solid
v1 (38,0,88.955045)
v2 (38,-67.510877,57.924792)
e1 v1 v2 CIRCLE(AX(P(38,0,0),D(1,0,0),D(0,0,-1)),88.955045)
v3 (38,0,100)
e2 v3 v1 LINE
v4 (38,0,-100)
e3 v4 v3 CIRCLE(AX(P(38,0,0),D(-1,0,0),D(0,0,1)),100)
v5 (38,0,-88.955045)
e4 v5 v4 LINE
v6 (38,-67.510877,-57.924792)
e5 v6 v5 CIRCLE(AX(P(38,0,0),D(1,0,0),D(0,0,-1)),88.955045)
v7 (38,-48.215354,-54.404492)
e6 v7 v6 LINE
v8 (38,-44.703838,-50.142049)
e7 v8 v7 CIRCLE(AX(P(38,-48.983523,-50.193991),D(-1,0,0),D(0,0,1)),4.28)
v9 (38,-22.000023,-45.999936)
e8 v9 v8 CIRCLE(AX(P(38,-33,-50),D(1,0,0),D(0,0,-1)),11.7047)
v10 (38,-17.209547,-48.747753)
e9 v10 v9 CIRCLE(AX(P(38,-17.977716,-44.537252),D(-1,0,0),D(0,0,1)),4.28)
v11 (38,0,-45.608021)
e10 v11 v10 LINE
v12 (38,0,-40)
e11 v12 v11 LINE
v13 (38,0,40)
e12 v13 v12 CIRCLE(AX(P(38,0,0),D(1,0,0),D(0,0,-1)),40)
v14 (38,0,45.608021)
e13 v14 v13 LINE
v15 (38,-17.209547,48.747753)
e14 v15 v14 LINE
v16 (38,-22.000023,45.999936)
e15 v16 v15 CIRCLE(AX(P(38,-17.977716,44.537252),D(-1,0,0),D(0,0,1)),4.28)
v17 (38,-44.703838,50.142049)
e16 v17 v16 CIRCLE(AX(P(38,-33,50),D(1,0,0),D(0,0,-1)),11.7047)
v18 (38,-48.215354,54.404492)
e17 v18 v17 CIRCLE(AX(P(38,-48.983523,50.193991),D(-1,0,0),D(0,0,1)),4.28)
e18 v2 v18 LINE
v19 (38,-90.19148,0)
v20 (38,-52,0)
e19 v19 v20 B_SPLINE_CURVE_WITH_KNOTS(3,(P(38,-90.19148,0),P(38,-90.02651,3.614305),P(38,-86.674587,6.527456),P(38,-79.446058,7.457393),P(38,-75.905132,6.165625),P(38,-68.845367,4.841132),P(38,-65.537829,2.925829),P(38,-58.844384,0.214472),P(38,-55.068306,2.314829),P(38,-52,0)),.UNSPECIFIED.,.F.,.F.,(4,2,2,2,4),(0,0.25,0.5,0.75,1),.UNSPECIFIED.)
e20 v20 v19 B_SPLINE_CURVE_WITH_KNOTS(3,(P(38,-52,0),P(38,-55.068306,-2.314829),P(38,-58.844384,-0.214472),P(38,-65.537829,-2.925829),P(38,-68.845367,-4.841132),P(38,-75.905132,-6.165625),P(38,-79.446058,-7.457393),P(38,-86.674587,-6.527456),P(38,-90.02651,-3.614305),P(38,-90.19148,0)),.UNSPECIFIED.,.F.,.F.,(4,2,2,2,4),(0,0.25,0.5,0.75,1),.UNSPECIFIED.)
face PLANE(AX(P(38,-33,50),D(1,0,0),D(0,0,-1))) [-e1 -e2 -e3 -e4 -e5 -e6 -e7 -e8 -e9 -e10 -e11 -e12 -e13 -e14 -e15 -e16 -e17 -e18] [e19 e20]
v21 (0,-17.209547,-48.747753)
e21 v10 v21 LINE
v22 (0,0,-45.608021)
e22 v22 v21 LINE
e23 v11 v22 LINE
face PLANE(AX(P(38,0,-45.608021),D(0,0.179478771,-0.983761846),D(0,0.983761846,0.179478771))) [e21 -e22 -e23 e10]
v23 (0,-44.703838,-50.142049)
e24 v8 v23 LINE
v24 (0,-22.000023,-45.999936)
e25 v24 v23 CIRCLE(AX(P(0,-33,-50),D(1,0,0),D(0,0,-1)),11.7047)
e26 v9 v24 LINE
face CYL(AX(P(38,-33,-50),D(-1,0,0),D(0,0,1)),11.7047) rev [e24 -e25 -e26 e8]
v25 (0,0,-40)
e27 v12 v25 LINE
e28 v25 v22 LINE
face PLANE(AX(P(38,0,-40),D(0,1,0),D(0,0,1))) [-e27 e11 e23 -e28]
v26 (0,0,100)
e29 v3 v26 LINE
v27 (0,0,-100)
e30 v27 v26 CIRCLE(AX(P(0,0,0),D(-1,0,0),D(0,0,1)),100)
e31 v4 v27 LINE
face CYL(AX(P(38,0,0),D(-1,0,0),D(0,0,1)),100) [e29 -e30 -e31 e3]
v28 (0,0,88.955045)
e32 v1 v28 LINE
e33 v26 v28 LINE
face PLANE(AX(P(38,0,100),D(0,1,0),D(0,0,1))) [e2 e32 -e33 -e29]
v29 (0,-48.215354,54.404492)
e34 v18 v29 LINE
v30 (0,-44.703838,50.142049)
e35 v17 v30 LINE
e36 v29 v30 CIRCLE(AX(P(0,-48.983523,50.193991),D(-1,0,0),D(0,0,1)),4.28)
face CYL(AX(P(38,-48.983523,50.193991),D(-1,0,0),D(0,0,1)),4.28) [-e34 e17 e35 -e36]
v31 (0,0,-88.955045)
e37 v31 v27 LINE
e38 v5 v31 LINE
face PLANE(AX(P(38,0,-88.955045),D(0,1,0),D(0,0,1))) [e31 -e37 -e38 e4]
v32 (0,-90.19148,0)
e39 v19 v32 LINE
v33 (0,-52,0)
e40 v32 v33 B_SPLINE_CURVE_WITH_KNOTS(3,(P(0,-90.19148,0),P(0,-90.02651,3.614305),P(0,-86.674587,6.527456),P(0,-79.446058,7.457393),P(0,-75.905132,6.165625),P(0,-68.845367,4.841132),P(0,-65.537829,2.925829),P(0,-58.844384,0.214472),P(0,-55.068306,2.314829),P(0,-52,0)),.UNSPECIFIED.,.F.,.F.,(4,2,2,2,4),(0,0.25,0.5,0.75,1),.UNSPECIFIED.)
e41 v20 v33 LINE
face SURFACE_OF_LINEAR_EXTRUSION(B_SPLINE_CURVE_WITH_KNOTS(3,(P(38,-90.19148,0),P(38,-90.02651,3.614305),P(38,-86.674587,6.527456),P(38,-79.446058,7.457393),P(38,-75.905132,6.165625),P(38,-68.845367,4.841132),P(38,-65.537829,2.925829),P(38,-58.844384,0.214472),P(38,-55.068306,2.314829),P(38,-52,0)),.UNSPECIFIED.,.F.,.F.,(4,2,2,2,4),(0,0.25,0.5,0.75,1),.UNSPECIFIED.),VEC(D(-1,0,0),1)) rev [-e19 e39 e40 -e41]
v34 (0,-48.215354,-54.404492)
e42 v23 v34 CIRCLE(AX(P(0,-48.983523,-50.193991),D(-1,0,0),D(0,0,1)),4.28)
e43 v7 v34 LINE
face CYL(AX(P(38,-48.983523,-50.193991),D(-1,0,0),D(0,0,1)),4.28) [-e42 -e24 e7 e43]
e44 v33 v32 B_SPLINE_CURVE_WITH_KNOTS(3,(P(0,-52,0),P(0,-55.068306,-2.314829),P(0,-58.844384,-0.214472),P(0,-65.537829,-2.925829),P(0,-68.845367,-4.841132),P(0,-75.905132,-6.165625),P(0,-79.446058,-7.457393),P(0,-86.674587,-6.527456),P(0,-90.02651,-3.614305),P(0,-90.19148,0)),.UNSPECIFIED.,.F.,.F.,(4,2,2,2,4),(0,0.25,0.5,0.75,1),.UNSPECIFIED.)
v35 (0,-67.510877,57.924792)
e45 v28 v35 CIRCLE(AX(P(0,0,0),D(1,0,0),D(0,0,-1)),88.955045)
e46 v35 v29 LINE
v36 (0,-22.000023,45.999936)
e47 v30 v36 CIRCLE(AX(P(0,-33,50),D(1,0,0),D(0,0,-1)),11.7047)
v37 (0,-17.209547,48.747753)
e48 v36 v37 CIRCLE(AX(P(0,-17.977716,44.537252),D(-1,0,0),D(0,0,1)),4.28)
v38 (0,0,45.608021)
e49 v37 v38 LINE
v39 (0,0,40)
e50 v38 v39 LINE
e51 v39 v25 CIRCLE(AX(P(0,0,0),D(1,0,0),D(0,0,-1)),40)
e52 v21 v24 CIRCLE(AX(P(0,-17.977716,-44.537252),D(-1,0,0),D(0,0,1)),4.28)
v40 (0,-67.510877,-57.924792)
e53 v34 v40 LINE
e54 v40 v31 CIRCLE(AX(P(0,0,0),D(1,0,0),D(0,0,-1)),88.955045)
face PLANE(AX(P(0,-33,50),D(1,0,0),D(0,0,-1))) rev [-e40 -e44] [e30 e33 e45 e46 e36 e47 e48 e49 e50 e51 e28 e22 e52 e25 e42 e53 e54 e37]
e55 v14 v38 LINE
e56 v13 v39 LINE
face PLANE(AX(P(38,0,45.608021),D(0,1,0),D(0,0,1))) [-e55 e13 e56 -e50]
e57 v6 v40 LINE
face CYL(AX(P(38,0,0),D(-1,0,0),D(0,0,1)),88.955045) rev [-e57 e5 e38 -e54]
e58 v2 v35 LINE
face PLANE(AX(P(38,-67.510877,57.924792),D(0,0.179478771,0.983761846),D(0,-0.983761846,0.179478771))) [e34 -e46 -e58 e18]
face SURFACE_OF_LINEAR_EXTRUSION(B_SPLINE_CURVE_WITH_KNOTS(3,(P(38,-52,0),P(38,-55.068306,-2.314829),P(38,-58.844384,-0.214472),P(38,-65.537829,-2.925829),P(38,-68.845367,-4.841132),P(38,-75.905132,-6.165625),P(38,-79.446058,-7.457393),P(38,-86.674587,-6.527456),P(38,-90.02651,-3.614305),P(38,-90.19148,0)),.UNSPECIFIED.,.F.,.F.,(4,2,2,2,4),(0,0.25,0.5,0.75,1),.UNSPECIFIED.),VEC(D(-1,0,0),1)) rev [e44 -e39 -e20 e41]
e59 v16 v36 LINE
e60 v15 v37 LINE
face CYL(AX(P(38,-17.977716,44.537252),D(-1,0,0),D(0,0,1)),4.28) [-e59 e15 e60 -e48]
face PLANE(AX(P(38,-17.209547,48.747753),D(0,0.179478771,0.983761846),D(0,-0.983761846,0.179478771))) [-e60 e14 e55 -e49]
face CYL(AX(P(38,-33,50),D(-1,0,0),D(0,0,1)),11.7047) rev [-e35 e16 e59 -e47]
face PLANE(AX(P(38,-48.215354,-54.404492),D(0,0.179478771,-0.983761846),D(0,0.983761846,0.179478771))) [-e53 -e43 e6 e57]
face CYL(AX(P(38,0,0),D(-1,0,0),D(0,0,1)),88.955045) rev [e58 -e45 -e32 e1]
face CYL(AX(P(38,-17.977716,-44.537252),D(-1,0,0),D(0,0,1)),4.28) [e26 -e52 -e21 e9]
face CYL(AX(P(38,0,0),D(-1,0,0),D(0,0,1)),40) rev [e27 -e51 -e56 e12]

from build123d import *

# Parameters (mm, degrees)
BOSS_EXTRUDE1_DEPTH = 38


with BuildPart() as part:
    # Sketch1 → Boss-Extrude1 (new body)
    with BuildSketch(Plane(origin=(0, 0, 0), x_dir=(0, -1, 0), z_dir=(-1, 0, 0))):
        with BuildLine():
            Line((17.209546758, 48.747753074), (0, 45.608021319))
            Line((0, 45.608021319), (0, 40))
            ThreePointArc((0, 40), (40, 0), (0, -40))
            Line((0, -40), (0, -45.608021319))
            Line((0, -45.608021319), (17.209546758, -48.747753074))
            ThreePointArc((17.209546758, -48.747753074), (20.107264785, -48.24985544), (22.000023251, -45.999936061))
            ThreePointArc((22.000023251, -45.999936061), (35.10074516, -38.485362803), (44.70383792, -50.142049092))
            ThreePointArc((44.70383792, -50.142049092), (45.680143747, -52.915404235), (48.215353578, -54.404492187))
            Line((48.215353578, -54.404492187), (67.510876588, -57.924792122))
            ThreePointArc((67.510876588, -57.924792122), (37.150353432, -80.826055452), (0, -88.955044826))
            Line((0, -88.955044826), (0, -100))
            ThreePointArc((0, -100), (100, 0), (0, 100))
            Line((0, 100), (0, 88.955044826))
            ThreePointArc((0, 88.955044826), (37.150353432, 80.826055452), (67.510876588, 57.924792122))
            Line((67.510876588, 57.924792122), (48.215353578, 54.404492187))
            ThreePointArc((48.215353578, 54.404492187), (45.680143747, 52.915404235), (44.70383792, 50.142049092))
            ThreePointArc((44.70383792, 50.142049092), (35.10074516, 38.485362803), (22.000023251, 45.999936061))
            ThreePointArc((22.000023251, 45.999936061), (20.107264785, 48.24985544), (17.209546758, 48.747753074))
        make_face()
        with BuildLine():
            add(Edge.make_bspline(
                [(52, 0), (55.06830649, 2.314828746), (58.844383808, 0.214472049), (65.537828774, 2.925828908), (68.845366533, 4.841132392), (75.905131868, 6.165625008), (79.446058218, 7.457393158), (86.674587248, 6.527455746), (90.026510297, 3.61430509), (90.191479957, 0)],
                knots=[0, 0, 0, 0, 0.25, 0.25, 0.5, 0.5, 0.75, 0.75, 1, 1, 1, 1], degree=3))
            add(Edge.make_bspline(
                [(90.191479957, 0), (90.026510297, -3.61430509), (86.674587248, -6.527455746), (79.446058218, -7.457393158), (75.905131868, -6.165625008), (68.845366533, -4.841132392), (65.537828774, -2.925828908), (58.844383808, -0.214472049), (55.06830649, -2.314828746), (52, 0)],
                knots=[0, 0, 0, 0, 0.25, 0.25, 0.5, 0.5, 0.75, 0.75, 1, 1, 1, 1], degree=3))
        make_face(mode=Mode.SUBTRACT)
    extrude(amount=-BOSS_EXTRUDE1_DEPTH)


solid = part.part
